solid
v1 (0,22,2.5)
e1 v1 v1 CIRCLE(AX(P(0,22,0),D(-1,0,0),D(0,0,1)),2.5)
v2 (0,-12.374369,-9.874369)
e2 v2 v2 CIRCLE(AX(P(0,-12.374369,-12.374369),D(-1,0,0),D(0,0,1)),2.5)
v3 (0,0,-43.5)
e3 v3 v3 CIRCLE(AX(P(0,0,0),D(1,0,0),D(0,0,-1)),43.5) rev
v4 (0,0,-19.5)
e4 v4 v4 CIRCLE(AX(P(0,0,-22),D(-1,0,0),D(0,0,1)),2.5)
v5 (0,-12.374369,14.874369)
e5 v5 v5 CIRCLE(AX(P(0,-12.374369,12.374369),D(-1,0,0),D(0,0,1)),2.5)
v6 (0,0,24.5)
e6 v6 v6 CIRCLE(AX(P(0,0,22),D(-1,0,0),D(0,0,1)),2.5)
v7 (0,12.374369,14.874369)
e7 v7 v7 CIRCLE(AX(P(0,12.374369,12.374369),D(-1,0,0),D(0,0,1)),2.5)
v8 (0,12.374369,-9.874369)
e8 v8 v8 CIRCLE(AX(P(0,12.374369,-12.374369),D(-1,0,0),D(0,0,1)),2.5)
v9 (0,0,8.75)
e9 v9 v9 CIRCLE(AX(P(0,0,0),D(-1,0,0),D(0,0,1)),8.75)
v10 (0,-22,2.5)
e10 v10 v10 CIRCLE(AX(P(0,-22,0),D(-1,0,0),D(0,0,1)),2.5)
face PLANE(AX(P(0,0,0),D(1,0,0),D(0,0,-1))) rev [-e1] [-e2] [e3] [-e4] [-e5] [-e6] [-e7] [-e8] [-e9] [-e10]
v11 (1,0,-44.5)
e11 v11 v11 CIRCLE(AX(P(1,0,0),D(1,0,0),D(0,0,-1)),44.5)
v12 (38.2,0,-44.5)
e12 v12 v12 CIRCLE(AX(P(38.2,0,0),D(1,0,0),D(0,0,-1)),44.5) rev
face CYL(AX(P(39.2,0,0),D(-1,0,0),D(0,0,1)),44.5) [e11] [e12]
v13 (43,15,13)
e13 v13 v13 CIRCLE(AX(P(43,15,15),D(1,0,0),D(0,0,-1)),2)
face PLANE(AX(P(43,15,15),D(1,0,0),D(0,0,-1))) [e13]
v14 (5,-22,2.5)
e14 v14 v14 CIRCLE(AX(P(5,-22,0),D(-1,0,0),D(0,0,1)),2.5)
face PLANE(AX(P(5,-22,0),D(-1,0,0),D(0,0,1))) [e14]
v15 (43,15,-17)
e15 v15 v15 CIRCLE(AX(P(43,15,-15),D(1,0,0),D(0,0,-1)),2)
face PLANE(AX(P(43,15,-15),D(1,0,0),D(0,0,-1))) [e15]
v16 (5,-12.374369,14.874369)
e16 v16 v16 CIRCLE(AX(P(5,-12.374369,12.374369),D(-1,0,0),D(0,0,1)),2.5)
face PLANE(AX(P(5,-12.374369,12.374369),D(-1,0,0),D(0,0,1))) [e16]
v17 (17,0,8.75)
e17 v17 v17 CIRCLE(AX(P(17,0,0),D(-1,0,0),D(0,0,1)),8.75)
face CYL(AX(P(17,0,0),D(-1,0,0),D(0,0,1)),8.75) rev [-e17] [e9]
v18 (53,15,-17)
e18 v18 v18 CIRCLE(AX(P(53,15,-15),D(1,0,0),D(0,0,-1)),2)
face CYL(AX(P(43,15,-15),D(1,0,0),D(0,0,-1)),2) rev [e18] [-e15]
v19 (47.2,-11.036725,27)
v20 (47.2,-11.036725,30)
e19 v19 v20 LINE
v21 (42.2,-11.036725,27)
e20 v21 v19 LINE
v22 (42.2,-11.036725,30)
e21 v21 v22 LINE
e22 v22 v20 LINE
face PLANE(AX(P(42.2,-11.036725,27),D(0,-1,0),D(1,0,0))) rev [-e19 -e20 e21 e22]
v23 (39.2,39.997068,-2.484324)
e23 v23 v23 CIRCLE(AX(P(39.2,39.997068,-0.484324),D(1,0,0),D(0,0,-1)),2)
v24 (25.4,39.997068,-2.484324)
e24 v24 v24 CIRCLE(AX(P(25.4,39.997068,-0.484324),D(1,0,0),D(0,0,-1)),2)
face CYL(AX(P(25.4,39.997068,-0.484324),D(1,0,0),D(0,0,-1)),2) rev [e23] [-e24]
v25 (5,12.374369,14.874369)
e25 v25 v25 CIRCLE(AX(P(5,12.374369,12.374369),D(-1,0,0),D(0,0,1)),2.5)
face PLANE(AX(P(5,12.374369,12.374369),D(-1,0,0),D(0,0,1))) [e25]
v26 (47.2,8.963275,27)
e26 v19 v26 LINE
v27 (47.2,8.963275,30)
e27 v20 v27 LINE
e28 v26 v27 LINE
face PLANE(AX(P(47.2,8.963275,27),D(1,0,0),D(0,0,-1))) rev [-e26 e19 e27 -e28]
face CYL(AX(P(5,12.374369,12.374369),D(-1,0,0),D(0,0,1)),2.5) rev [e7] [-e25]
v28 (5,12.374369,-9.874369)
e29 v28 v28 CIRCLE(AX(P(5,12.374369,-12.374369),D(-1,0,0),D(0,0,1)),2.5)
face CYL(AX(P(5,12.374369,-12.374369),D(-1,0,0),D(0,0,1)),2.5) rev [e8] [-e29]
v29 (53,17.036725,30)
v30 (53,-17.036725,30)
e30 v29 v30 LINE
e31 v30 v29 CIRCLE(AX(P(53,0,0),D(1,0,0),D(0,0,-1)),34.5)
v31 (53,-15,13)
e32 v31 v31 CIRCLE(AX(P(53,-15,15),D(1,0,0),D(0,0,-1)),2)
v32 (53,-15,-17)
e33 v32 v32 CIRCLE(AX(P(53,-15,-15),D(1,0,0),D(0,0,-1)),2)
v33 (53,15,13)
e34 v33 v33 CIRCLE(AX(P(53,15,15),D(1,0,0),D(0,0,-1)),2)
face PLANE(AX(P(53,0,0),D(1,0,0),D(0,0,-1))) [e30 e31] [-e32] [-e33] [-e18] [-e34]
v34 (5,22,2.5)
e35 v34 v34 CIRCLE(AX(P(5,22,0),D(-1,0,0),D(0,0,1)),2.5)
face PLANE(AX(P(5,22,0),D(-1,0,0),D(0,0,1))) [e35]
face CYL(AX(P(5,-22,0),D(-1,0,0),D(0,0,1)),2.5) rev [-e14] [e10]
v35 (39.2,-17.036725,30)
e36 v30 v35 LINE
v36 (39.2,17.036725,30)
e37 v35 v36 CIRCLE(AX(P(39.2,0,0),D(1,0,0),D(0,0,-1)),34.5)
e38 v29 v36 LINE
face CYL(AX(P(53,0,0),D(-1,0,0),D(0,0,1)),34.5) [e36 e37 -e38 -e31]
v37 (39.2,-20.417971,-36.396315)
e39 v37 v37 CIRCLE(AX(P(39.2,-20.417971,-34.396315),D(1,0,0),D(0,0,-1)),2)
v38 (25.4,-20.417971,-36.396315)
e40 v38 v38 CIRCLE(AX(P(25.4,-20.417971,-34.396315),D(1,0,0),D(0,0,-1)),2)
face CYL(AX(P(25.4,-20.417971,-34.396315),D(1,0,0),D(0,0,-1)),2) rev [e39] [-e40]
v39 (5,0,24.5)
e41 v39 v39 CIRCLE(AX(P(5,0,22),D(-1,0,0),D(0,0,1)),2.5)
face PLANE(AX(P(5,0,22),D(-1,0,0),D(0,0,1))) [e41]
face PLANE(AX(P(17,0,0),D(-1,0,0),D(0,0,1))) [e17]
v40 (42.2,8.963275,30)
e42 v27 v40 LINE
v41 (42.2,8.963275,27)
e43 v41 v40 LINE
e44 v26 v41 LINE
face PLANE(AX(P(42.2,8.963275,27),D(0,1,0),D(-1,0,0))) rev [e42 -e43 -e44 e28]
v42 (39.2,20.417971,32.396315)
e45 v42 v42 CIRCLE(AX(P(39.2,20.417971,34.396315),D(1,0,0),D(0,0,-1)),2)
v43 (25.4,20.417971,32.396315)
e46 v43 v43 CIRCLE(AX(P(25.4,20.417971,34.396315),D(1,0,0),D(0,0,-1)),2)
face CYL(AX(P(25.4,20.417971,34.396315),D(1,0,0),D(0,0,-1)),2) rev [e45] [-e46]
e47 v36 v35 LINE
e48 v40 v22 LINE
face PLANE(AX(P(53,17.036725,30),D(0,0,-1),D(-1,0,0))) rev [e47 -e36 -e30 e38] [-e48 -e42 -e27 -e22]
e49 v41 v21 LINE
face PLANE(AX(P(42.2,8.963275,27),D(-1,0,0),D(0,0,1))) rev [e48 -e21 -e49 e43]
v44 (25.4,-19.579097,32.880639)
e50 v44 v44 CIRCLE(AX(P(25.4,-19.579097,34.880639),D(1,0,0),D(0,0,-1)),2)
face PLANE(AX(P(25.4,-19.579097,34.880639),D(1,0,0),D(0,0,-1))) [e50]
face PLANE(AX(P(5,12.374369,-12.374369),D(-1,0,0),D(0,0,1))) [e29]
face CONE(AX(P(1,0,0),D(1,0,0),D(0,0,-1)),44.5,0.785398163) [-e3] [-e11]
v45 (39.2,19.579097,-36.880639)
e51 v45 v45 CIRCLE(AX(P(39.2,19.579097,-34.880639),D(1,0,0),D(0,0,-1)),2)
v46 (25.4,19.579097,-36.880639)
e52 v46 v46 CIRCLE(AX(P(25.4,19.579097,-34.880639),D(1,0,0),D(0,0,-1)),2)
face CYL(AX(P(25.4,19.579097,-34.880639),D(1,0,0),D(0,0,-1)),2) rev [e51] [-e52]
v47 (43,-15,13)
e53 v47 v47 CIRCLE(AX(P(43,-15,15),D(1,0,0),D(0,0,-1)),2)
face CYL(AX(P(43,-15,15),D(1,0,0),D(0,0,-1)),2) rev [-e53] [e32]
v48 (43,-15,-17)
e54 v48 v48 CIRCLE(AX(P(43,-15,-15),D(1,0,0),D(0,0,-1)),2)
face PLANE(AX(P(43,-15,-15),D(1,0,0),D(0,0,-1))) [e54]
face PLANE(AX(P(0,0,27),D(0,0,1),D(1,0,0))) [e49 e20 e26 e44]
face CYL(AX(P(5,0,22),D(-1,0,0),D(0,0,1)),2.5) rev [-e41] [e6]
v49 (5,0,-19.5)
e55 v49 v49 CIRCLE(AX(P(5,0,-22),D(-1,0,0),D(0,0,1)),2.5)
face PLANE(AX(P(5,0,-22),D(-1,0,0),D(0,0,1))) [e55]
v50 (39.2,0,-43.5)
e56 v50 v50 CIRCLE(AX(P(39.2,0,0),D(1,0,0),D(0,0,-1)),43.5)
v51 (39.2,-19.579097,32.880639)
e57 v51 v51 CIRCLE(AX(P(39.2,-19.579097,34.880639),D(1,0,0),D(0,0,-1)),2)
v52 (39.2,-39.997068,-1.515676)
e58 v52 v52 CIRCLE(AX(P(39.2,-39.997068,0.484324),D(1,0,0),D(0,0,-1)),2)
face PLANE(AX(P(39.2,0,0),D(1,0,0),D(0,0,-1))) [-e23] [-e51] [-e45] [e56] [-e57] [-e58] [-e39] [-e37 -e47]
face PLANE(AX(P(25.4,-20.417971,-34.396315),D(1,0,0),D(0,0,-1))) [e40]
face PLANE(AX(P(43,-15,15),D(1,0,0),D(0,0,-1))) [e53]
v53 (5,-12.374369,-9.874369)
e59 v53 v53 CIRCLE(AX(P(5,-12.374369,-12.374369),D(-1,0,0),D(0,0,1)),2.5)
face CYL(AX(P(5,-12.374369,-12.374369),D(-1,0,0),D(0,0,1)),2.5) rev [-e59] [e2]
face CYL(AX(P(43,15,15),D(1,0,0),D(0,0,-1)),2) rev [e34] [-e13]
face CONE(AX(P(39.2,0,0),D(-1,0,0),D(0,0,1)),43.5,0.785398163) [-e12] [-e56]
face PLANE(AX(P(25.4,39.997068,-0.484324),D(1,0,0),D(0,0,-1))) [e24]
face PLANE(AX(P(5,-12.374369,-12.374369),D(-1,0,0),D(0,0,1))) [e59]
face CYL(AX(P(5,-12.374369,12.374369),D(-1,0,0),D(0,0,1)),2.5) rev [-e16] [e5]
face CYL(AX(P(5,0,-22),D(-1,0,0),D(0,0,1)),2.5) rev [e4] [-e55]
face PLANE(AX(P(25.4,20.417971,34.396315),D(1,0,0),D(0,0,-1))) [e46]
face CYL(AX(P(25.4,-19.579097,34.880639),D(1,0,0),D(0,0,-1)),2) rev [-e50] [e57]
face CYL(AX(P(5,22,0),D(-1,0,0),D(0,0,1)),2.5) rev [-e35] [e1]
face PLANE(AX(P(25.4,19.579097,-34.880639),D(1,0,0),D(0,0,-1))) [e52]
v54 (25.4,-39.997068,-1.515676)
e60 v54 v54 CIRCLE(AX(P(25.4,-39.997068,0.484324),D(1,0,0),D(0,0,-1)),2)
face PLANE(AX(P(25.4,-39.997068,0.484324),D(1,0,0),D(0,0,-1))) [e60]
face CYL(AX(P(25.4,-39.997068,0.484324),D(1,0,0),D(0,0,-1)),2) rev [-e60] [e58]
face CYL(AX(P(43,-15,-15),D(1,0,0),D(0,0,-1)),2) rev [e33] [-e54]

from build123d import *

# Parameters (mm, degrees)
SKETCH_1_R          = 44.5
EXTRUDE_1_DEPTH     = 39.2
EXTRUDE_3_DEPTH     = 13.8
SKETCH_4_R          = 2
CUT_EXTRUDE_1_DEPTH = 13.8
SKETCH_5_R          = 2
CUT_EXTRUDE_2_DEPTH = 10
CHAMFER_1_SIZE      = 1
SKETCH_6_R          = 2.5
CUT_EXTRUDE_3_DEPTH = 5
SKETCH_7_W          = 5
SKETCH_7_H          = 20
CUT_EXTRUDE_4_DEPTH = 3
SKETCH_8_R          = 8.75
CUT_EXTRUDE_5_DEPTH = 17


with BuildPart() as part:
    # 草图1 → 凸台-拉伸1 (new body)
    with BuildSketch(Plane(origin=(0, 0, 0), x_dir=(0, 0, -1), z_dir=(1, 0, 0))):
        Circle(SKETCH_1_R)
    extrude(amount=EXTRUDE_1_DEPTH)

    # 草图2 → 凸台-拉伸3 (add)
    with BuildSketch(Plane(origin=(39.2, 0, 0), x_dir=(0, 0, -1), z_dir=(1, 0, 0))):
        with BuildLine():
            Line((-30, 17.036725037), (-30, -17.036725037))
            ThreePointArc((-30, -17.036725037), (34.5, 0), (-30, 17.036725037))
        make_face()
    extrude(amount=EXTRUDE_3_DEPTH)

    # 草图4 → 切除-拉伸1 (cut)
    with BuildSketch(Plane(origin=(39.2, 0, 0), x_dir=(0, 0, -1), z_dir=(1, 0, 0))):
        with Locations((0.484323727, 39.997067774)):
            Circle(SKETCH_4_R)
        with Locations((34.880638633, 19.579097236)):
            Circle(SKETCH_4_R)
        with Locations((34.396314906, -20.417970538)):
            Circle(SKETCH_4_R)
        with Locations((-0.484323727, -39.997067774)):
            Circle(SKETCH_4_R)
        with Locations((-34.880638633, -19.579097236)):
            Circle(SKETCH_4_R)
        with Locations((-34.396314906, 20.417970538)):
            Circle(SKETCH_4_R)
    extrude(amount=-CUT_EXTRUDE_1_DEPTH, mode=Mode.SUBTRACT)

    # 草图5 → 切除-拉伸2 (cut)
    with BuildSketch(Plane(origin=(53, 0, 0), x_dir=(0, 0, -1), z_dir=(1, 0, 0))):
        with Locations((-15, 15)):
            Circle(SKETCH_5_R)
        with Locations((15, 15)):
            Circle(SKETCH_5_R)
        with Locations((15, -15)):
            Circle(SKETCH_5_R)
        with Locations((-15, -15)):
            Circle(SKETCH_5_R)
    extrude(amount=-CUT_EXTRUDE_2_DEPTH, mode=Mode.SUBTRACT)

    # 倒角1
    chamfer_1_edges = [part.edges().sort_by_distance(p)[0] for p in [
        (0, 0, 44.5),
        (39.2, 0, 44.5),
    ]]
    chamfer(chamfer_1_edges, length=CHAMFER_1_SIZE)

    # 草图6 → 切除-拉伸3 (cut)
    with BuildSketch(Plane.ZY):
        with Locations((0, 22)):
            Circle(SKETCH_6_R)
        with Locations((-12.374368671, 12.374368671)):
            Circle(SKETCH_6_R)
        with Locations((22, 0)):
            Circle(SKETCH_6_R)
        with Locations((12.374368671, 12.374368671)):
            Circle(SKETCH_6_R)
        with Locations((0, -22)):
            Circle(SKETCH_6_R)
        with Locations((12.374368671, -12.374368671)):
            Circle(SKETCH_6_R)
        with Locations((-22, 0)):
            Circle(SKETCH_6_R)
        with Locations((-12.374368671, -12.374368671)):
            Circle(SKETCH_6_R)
    extrude(amount=-CUT_EXTRUDE_3_DEPTH, mode=Mode.SUBTRACT)

    # 草图7 → 切除-拉伸4 (cut)
    with BuildSketch(Plane.XY.offset(30)):
        with Locations((44.7, -1.036725037)):
            Rectangle(SKETCH_7_W, SKETCH_7_H)
    extrude(amount=-CUT_EXTRUDE_4_DEPTH, mode=Mode.SUBTRACT)

    # 草图8 → 切除-拉伸5 (cut)
    with BuildSketch(Plane.ZY):
        Circle(SKETCH_8_R)
    extrude(amount=-CUT_EXTRUDE_5_DEPTH, mode=Mode.SUBTRACT)


solid = part.part
